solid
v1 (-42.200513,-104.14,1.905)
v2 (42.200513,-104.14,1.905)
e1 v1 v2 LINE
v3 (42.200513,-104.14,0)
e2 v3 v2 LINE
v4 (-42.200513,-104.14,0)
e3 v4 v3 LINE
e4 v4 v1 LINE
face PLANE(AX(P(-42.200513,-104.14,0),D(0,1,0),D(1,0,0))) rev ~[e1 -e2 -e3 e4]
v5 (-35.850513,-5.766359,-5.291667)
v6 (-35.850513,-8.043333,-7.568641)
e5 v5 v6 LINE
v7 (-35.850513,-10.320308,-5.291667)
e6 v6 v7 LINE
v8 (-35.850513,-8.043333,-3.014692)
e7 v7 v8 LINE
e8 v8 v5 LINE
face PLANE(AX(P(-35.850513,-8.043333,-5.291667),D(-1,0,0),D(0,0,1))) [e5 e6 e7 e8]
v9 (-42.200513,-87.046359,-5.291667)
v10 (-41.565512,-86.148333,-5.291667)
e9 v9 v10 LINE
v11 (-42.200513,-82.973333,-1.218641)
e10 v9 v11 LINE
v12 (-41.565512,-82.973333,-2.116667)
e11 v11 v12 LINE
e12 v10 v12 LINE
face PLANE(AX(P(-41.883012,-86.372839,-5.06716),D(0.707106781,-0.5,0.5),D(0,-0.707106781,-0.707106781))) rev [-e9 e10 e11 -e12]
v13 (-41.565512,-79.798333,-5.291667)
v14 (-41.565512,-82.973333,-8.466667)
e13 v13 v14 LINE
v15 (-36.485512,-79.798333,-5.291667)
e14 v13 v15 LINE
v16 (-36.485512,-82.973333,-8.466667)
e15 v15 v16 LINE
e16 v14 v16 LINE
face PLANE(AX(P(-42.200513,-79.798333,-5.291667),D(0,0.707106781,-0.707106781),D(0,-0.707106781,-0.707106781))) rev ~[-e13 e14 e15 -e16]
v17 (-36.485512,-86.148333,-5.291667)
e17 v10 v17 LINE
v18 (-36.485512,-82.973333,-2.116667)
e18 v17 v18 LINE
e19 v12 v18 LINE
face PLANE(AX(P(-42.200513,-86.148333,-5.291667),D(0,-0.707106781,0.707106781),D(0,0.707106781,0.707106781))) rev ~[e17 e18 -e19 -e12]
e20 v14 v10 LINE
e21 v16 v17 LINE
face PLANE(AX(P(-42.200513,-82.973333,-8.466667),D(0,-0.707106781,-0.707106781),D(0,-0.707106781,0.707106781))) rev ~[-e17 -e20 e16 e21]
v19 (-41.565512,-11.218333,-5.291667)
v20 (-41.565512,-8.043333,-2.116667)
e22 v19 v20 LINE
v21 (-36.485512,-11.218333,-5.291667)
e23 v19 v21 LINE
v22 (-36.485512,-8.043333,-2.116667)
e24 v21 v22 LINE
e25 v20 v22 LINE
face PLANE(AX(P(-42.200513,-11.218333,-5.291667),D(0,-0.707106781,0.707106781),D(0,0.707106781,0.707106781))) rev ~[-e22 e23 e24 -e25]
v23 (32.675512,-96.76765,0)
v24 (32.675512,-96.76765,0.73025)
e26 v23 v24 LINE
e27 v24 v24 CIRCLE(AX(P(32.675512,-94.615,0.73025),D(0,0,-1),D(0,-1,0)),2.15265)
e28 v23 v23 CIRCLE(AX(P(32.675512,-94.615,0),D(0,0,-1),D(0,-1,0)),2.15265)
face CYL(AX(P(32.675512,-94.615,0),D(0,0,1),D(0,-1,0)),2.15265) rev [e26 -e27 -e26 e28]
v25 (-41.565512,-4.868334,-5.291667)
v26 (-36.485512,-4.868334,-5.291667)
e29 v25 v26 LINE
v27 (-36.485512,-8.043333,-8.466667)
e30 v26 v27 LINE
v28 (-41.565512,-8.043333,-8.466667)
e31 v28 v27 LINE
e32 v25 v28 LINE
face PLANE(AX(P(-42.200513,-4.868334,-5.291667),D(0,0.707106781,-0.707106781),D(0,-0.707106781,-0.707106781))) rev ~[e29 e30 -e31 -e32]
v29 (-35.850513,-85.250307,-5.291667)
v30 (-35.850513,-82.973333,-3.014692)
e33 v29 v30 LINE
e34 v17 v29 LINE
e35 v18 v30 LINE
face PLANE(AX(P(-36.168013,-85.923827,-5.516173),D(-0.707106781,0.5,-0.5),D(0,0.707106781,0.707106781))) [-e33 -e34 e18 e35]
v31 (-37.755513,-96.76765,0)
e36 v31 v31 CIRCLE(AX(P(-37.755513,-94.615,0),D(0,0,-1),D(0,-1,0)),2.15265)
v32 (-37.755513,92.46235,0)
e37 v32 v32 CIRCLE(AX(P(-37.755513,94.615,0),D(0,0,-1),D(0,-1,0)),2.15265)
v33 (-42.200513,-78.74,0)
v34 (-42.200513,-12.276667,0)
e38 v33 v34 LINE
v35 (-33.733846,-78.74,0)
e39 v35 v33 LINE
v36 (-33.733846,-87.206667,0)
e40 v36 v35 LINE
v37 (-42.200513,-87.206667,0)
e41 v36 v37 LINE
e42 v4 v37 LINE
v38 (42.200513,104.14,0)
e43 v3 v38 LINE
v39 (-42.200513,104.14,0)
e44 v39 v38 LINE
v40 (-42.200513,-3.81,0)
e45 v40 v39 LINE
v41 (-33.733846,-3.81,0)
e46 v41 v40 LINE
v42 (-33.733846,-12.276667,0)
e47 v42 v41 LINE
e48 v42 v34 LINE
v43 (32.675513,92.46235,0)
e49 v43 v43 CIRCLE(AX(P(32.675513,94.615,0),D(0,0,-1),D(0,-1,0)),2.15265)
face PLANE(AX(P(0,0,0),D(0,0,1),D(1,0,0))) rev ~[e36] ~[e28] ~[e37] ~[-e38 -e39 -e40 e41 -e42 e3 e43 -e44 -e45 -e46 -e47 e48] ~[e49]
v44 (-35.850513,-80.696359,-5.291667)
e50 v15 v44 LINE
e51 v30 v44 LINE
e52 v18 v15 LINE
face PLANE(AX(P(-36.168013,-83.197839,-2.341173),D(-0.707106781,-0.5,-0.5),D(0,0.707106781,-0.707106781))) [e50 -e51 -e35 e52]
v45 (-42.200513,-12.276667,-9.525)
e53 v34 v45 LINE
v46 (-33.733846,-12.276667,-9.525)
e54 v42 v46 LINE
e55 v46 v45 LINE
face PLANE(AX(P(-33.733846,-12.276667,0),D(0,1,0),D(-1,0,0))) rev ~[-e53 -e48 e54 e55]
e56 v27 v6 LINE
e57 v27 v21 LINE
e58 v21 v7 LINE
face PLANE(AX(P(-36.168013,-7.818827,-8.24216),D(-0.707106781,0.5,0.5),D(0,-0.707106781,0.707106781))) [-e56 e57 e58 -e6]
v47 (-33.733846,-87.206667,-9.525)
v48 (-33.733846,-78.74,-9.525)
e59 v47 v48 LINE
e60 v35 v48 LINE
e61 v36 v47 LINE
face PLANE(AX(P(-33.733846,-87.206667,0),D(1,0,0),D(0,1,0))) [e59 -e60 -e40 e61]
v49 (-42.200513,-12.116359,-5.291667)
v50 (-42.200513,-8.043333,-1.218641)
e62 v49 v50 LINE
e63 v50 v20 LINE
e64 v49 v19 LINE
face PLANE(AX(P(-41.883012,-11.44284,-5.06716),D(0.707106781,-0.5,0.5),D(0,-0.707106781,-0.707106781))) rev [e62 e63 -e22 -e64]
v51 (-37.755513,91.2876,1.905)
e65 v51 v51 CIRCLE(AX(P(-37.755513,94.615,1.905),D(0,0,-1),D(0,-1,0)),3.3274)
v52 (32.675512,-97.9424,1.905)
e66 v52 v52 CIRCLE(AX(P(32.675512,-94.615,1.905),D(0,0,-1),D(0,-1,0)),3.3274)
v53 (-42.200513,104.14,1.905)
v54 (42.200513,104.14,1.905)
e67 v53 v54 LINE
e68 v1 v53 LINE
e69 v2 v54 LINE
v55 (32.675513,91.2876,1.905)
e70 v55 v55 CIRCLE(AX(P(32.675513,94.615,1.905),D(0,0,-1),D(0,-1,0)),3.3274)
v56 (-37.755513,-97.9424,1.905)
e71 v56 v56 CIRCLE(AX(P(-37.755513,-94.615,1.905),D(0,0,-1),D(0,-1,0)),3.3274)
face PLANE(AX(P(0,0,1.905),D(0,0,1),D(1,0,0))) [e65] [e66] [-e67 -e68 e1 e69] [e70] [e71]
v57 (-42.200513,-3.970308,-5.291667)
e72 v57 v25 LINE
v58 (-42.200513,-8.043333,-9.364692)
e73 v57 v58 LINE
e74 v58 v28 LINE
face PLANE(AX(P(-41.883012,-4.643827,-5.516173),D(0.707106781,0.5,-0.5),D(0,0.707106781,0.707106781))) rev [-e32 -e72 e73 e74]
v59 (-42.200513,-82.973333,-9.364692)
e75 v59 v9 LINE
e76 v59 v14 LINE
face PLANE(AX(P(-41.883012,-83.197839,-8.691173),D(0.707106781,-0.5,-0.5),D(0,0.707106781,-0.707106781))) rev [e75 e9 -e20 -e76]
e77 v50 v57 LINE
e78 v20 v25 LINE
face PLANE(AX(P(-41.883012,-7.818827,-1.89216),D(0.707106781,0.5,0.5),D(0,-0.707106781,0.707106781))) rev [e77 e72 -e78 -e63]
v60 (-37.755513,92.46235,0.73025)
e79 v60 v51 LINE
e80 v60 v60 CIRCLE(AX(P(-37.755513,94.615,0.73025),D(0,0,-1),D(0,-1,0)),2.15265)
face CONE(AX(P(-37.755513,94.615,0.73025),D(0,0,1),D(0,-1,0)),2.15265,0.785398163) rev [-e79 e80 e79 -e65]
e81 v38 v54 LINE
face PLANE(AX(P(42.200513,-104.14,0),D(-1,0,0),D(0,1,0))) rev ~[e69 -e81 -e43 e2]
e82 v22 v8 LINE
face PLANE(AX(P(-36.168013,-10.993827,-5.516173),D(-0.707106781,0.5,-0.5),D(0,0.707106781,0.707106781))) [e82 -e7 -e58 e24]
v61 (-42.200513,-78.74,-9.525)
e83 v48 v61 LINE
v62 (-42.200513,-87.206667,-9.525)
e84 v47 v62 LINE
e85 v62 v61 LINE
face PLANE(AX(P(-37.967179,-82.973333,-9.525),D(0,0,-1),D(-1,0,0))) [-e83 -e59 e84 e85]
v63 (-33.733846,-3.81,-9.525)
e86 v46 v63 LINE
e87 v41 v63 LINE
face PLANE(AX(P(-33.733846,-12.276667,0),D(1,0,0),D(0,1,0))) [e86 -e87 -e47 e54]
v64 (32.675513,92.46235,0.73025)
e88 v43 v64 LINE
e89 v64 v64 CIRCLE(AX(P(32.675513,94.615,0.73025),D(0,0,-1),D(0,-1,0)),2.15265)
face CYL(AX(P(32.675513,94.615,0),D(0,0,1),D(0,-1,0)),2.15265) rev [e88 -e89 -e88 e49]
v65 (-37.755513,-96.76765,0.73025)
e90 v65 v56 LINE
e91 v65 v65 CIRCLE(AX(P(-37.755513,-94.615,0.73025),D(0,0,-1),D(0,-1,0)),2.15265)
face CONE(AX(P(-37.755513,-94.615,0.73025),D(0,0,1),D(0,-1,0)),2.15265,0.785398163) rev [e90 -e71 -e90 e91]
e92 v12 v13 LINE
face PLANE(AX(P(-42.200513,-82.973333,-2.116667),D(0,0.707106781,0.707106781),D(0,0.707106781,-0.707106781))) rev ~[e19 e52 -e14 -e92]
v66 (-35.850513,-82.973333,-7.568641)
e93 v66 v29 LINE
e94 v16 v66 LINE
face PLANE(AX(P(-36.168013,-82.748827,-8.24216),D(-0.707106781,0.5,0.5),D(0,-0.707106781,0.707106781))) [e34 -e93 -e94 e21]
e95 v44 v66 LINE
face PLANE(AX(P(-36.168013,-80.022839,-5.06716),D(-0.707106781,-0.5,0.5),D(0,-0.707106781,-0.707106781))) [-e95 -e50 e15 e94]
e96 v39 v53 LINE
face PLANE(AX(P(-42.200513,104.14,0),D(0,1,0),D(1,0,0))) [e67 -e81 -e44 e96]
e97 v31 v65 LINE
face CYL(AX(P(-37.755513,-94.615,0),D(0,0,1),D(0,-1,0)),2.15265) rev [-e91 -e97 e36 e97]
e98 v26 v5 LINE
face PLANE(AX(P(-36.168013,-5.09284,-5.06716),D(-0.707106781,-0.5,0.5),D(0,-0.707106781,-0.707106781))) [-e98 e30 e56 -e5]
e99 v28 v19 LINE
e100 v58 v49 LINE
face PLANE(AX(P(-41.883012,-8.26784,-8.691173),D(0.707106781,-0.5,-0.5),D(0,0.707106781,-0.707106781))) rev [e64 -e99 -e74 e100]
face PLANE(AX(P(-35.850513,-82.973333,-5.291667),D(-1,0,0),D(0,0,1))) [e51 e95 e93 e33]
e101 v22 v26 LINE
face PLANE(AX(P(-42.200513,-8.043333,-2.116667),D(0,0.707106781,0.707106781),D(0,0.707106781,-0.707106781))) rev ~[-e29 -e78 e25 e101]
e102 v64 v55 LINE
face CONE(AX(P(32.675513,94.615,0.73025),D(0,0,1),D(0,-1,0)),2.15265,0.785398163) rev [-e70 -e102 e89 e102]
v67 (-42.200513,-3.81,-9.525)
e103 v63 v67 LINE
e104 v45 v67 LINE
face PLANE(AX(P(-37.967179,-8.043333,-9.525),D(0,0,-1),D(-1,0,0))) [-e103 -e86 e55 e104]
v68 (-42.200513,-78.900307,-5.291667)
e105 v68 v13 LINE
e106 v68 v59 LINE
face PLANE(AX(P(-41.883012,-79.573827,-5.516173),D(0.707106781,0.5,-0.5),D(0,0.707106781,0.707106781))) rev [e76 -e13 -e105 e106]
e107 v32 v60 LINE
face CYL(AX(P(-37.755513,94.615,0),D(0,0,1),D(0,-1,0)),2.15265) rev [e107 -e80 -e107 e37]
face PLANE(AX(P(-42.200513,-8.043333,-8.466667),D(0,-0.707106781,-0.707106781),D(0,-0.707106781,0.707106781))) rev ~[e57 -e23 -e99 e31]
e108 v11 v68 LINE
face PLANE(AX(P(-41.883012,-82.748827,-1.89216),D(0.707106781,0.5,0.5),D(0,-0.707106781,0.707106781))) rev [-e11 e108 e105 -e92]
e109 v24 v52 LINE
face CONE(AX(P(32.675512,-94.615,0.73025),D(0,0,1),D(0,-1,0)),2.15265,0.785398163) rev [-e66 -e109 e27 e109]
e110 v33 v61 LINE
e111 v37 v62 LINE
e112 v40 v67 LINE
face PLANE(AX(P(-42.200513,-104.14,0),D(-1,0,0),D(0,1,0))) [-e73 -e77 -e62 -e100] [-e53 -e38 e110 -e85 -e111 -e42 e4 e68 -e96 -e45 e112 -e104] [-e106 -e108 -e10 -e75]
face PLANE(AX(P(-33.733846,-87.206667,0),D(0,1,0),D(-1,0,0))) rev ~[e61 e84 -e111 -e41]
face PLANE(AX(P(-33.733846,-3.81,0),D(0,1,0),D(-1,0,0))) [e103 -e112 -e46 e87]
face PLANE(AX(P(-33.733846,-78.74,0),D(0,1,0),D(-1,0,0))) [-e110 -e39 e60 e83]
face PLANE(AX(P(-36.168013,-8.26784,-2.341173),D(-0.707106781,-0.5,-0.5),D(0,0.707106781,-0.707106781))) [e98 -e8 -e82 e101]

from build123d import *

# Parameters (mm, degrees)
SKETCH1_W                      = 84.401025
SKETCH1_H                      = 208.28
BOSS_EXTRUDE1_DEPTH            = 1.905
F_6_CLEARANCE_HOLE1_AT_2_COUNT = 2
F_6_CLEARANCE_HOLE1_AT_2_PITCH = 189.23
F_6_CLEARANCE_HOLE1_AT_3_COUNT = 2
F_6_CLEARANCE_HOLE1_AT_3_PITCH = 201.912164523
F_6_CLEARANCE_HOLE1_AT_4_COUNT = 2
F_6_CLEARANCE_HOLE1_AT_4_PITCH = 70.431025
SKETCH4_W                      = 8.466667
SKETCH4_H                      = 8.466667
BOSS_EXTRUDE2_DEPTH            = 9.525
CUT_EXTRUDE3_DEPTH             = 6.35
CHAMFER1_SIZE                  = 0.635


with BuildPart() as part:
    # Sketch1 → Boss-Extrude1 (new body)
    with BuildSketch(Plane.XY):
        Rectangle(SKETCH1_W, SKETCH1_H)
    extrude(amount=BOSS_EXTRUDE1_DEPTH)

    # Sketch3 → #6 Clearance Hole1 (revolve, cut)
    with BuildSketch(Plane(origin=(-37.7555125, 94.615, 1.905), x_dir=(0, -1, 0), z_dir=(1, 0, 0))):
        Polygon((0, 0), (0, 1.905), (2.15265, 1.905), (2.15265, 1.17475), (3.3274, 0), align=None)
    f_6_clearance_hole1 = revolve(axis=Axis((-37.7555125, 94.615, 8.255), (0, 0, -1)), mode=Mode.SUBTRACT)

    # #6 Clearance Hole1 at 2: #6 Clearance Hole1 ×2
    with Locations(*[(0, -i * F_6_CLEARANCE_HOLE1_AT_2_PITCH, 0) for i in range(1, F_6_CLEARANCE_HOLE1_AT_2_COUNT)]):
        add(f_6_clearance_hole1, mode=Mode.SUBTRACT)

    # #6 Clearance Hole1 at 3: #6 Clearance Hole1 ×2
    with Locations(*[Vector(0.34882011772903904, -0.9371896955619494, 0) * (i * F_6_CLEARANCE_HOLE1_AT_3_PITCH) for i in range(1, F_6_CLEARANCE_HOLE1_AT_3_COUNT)]):
        add(f_6_clearance_hole1, mode=Mode.SUBTRACT)

    # #6 Clearance Hole1 at 4: #6 Clearance Hole1 ×2
    with Locations(*[(i * F_6_CLEARANCE_HOLE1_AT_4_PITCH, 0, 0) for i in range(1, F_6_CLEARANCE_HOLE1_AT_4_COUNT)]):
        add(f_6_clearance_hole1, mode=Mode.SUBTRACT)

    # Sketch4 → Boss-Extrude2 (add)
    with BuildSketch(Plane(origin=(0, 0, 0), x_dir=(-1, 0, 0), z_dir=(0, 0, -1))):
        with Locations((37.967179, -8.0433335)):
            Rectangle(SKETCH4_W, SKETCH4_H)
        with Locations((37.967179, -82.973333082)):
            Rectangle(SKETCH4_W, SKETCH4_H)
    extrude(amount=BOSS_EXTRUDE2_DEPTH)

    # Sketch5 → Cut-Extrude3 (cut)
    with BuildSketch(Plane(origin=(-42.2005125, 0, 0), x_dir=(0, 0, -1), z_dir=(1, 0, 0))):
        Polygon((2.116666667, -82.973333082), (5.291666667, -79.798333082), (8.466666667, -82.973333082), (5.291666667, -86.148333082), align=None)
        Polygon((2.116666667, -8.0433335), (5.291666667, -4.8683335), (8.466666667, -8.0433335), (5.291666667, -11.2183335), align=None)
    extrude(amount=CUT_EXTRUDE3_DEPTH, mode=Mode.SUBTRACT)

    # Chamfer1
    chamfer1_edges = [part.edges().sort_by_distance(p)[0] for p in [
        (-42.2005125, -84.560833082, -3.704166667),
        (-42.2005125, -84.560833082, -6.879166667),
        (-42.2005125, -81.385833082, -6.879166667),
        (-42.2005125, -81.385833082, -3.704166667),
        (-35.8505125, -84.560833082, -3.704166667),
        (-35.8505125, -84.560833082, -6.879166667),
        (-35.8505125, -81.385833082, -6.879166667),
        (-35.8505125, -81.385833082, -3.704166667),
        (-42.2005125, -9.6308335, -3.704166667),
        (-42.2005125, -9.6308335, -6.879166667),
        (-42.2005125, -6.4558335, -6.879166667),
        (-42.2005125, -6.4558335, -3.704166667),
        (-35.8505125, -9.6308335, -3.704166667),
        (-35.8505125, -9.6308335, -6.879166667),
        (-35.8505125, -6.4558335, -6.879166667),
        (-35.8505125, -6.4558335, -3.704166667),
    ]]
    chamfer(chamfer1_edges, length=CHAMFER1_SIZE)


solid = part.part
